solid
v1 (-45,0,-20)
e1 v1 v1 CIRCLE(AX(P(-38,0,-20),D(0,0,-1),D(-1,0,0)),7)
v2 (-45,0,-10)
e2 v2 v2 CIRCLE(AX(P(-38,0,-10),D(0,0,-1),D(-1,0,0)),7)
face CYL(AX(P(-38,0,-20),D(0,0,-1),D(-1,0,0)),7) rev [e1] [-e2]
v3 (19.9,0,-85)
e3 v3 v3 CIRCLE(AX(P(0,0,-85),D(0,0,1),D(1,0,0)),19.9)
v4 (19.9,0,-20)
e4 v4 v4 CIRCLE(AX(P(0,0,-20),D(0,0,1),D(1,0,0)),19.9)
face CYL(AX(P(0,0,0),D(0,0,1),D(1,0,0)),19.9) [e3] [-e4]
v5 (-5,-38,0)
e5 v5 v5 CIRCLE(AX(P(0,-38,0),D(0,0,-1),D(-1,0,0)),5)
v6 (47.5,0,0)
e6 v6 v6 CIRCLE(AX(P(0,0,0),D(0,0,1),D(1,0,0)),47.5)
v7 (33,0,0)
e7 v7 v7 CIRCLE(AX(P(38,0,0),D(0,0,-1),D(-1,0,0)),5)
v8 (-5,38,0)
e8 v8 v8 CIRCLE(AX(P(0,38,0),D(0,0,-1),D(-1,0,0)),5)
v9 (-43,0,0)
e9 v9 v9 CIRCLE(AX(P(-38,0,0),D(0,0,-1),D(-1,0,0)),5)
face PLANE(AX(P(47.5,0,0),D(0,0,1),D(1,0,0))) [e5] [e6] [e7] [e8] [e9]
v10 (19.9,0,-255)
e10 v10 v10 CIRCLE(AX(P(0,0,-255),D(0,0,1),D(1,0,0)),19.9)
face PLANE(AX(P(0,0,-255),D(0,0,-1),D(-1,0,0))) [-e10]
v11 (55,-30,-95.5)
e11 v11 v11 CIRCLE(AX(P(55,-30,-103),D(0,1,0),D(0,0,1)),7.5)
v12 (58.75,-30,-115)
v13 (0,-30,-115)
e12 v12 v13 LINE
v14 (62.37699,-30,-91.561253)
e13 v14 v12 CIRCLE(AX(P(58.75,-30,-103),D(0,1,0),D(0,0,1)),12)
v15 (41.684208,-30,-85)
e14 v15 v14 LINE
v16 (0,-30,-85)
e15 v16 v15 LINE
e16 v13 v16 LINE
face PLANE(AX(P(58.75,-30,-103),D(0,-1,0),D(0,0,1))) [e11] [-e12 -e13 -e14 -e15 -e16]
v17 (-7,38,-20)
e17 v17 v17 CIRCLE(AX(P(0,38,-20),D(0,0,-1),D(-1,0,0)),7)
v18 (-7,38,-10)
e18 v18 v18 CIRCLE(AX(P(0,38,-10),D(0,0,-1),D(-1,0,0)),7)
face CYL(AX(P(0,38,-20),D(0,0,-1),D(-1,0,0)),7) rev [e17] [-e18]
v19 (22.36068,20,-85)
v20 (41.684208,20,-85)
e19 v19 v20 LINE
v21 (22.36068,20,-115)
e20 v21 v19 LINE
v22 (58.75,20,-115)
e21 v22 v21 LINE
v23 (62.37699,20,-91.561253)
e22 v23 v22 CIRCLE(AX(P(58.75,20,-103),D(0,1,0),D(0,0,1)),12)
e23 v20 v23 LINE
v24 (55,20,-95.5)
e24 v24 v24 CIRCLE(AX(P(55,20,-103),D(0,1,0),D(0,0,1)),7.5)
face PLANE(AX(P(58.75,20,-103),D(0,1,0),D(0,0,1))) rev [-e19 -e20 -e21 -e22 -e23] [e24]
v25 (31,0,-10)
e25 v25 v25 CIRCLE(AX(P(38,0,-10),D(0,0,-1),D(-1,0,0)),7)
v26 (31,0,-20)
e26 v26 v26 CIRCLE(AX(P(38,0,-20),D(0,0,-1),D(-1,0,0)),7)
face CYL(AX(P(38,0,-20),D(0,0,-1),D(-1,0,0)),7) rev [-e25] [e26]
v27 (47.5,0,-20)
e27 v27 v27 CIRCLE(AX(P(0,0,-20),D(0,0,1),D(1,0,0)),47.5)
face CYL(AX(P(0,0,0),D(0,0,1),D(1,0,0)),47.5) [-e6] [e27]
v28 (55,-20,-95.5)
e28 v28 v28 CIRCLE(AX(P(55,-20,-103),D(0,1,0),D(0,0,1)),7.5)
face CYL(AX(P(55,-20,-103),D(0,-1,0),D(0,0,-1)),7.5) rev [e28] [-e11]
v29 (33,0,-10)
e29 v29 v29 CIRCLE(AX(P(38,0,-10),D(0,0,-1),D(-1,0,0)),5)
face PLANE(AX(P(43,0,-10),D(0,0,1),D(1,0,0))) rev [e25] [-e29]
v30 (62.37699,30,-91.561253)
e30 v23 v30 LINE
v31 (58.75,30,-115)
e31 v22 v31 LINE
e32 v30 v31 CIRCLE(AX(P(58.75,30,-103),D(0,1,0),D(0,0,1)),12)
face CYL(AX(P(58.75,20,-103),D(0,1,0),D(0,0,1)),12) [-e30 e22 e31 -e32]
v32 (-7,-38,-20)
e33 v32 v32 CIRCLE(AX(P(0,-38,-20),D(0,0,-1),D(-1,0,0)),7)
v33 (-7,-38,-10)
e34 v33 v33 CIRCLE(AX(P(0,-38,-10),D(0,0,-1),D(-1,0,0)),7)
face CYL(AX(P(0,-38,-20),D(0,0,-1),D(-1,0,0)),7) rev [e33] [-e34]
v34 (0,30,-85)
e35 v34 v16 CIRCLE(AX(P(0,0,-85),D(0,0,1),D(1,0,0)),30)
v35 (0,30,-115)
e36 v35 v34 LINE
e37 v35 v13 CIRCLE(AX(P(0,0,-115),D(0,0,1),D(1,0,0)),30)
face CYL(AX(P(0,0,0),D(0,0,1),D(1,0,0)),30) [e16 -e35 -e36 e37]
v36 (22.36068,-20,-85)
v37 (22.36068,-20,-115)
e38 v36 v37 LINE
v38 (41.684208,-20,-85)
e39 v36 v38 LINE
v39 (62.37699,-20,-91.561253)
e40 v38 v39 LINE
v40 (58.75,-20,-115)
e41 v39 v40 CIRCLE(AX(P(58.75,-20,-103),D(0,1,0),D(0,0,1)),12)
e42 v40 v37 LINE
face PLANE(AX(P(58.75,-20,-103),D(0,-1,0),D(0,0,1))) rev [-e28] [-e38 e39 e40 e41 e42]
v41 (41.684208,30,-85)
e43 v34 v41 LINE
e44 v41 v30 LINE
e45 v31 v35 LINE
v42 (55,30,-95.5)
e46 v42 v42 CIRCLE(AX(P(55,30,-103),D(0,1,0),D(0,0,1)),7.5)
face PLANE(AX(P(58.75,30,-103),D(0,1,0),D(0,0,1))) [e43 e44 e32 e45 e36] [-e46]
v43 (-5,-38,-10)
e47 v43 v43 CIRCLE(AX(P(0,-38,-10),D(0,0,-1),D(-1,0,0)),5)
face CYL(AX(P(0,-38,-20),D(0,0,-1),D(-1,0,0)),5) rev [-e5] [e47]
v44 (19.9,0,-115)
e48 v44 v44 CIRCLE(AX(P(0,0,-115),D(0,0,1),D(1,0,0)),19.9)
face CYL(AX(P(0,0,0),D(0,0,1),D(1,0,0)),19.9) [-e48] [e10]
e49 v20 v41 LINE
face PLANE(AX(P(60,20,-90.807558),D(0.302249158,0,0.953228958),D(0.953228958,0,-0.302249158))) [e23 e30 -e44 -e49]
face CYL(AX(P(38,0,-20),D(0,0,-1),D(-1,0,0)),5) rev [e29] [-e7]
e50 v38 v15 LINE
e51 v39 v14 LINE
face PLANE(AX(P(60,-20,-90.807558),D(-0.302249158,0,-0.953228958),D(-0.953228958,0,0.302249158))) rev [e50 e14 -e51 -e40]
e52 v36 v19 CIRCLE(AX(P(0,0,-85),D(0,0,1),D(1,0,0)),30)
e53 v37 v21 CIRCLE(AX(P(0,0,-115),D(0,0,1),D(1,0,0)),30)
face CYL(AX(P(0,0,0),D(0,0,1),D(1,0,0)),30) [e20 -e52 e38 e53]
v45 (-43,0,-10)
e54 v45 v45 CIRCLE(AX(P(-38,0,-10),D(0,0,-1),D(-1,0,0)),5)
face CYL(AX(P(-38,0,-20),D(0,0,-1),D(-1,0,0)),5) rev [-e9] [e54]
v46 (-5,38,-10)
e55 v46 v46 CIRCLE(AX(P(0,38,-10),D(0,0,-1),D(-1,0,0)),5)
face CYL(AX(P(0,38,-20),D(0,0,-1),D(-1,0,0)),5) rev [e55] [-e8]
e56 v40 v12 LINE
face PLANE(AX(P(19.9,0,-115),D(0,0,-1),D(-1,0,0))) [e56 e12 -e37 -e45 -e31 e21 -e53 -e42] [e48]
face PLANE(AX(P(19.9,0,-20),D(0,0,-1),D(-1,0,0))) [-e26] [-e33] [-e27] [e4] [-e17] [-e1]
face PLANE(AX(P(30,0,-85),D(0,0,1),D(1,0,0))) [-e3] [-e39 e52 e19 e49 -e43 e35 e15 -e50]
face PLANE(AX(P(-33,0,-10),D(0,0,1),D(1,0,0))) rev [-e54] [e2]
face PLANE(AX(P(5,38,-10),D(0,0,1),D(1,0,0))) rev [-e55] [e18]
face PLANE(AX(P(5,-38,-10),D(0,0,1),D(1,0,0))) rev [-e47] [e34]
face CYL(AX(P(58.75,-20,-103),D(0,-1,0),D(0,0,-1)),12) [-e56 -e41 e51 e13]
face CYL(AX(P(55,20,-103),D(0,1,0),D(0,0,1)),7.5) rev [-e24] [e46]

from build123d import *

# Parameters (mm, degrees)
SKETCH2_R                               = 7.5
BOSS_EXTRUDE1_DEPTH                     = 10
CBORE_FOR_M5_HEX_HEAD_BOLT1_D           = 10
CBORE_FOR_M5_HEX_HEAD_BOLT1_CBORE_D     = 14
CBORE_FOR_M5_HEX_HEAD_BOLT1_CBORE_DEPTH = 10
CIRPATTERN1_COUNT                       = 4


with BuildPart() as part:
    # Sketch1 → Revolve1 (revolve)
    with BuildSketch(Plane(origin=(0, 0, 0), x_dir=(1, 0, 0), z_dir=(0, 1, 0))):
        Polygon((0, 255), (19.9, 255), (19.9, 115), (30, 115), (30, 85), (19.9, 85), (19.9, 20), (47.5, 20), (47.5, 0), (0, 0), align=None)
    revolve(axis=Axis((0, 0, 0), (0, 0, -1)))

    # Sketch2 → Boss-Extrude1 (add)
    with BuildSketch(Plane(origin=(0, 30, 0), x_dir=(1, 0, 0), z_dir=(0, 1, 0))):
        with BuildLine():
            Line((0, 115), (58.75, 115))
            ThreePointArc((58.75, 115), (70.608856816, 104.835079022), (62.376989895, 91.561252503))
            Line((62.376989895, 91.561252503), (60, 90.807558243))
            Line((60, 90.807558243), (41.684208051, 85))
            Line((41.684208051, 85), (30, 85))
            Line((30, 85), (0, 85))
            Line((0, 85), (0, 115))
        make_face()
        with Locations(Location((55, 103, 0), (0, 0, 270))):
            Circle(SKETCH2_R, mode=Mode.SUBTRACT)
    boss_extrude1 = extrude(amount=-BOSS_EXTRUDE1_DEPTH)

    # Mirror1: Boss-Extrude1 across plane
    add(boss_extrude1.mirror(Plane.ZX))

    # CBORE for M5 Hex Head Bolt1 (through all)
    with Locations(Plane(origin=(0, 0, -20), x_dir=(-1, 0, 0), z_dir=(0, 0, -1))):
        with Locations((0, 38)):
            cbore_for_m5_hex_head_bolt1 = CounterBoreHole(CBORE_FOR_M5_HEX_HEAD_BOLT1_D / 2, CBORE_FOR_M5_HEX_HEAD_BOLT1_CBORE_D / 2, CBORE_FOR_M5_HEX_HEAD_BOLT1_CBORE_DEPTH)

    # CirPattern1: CBORE for M5 Hex Head Bolt1 ×4 about axis
    cirpattern1_axis = Axis((0, 0, 0), (0, 0, 1))
    for i in range(1, CIRPATTERN1_COUNT):
        add(cbore_for_m5_hex_head_bolt1.rotate(cirpattern1_axis, i * 360 / CIRPATTERN1_COUNT), mode=Mode.SUBTRACT)


solid = part.part
